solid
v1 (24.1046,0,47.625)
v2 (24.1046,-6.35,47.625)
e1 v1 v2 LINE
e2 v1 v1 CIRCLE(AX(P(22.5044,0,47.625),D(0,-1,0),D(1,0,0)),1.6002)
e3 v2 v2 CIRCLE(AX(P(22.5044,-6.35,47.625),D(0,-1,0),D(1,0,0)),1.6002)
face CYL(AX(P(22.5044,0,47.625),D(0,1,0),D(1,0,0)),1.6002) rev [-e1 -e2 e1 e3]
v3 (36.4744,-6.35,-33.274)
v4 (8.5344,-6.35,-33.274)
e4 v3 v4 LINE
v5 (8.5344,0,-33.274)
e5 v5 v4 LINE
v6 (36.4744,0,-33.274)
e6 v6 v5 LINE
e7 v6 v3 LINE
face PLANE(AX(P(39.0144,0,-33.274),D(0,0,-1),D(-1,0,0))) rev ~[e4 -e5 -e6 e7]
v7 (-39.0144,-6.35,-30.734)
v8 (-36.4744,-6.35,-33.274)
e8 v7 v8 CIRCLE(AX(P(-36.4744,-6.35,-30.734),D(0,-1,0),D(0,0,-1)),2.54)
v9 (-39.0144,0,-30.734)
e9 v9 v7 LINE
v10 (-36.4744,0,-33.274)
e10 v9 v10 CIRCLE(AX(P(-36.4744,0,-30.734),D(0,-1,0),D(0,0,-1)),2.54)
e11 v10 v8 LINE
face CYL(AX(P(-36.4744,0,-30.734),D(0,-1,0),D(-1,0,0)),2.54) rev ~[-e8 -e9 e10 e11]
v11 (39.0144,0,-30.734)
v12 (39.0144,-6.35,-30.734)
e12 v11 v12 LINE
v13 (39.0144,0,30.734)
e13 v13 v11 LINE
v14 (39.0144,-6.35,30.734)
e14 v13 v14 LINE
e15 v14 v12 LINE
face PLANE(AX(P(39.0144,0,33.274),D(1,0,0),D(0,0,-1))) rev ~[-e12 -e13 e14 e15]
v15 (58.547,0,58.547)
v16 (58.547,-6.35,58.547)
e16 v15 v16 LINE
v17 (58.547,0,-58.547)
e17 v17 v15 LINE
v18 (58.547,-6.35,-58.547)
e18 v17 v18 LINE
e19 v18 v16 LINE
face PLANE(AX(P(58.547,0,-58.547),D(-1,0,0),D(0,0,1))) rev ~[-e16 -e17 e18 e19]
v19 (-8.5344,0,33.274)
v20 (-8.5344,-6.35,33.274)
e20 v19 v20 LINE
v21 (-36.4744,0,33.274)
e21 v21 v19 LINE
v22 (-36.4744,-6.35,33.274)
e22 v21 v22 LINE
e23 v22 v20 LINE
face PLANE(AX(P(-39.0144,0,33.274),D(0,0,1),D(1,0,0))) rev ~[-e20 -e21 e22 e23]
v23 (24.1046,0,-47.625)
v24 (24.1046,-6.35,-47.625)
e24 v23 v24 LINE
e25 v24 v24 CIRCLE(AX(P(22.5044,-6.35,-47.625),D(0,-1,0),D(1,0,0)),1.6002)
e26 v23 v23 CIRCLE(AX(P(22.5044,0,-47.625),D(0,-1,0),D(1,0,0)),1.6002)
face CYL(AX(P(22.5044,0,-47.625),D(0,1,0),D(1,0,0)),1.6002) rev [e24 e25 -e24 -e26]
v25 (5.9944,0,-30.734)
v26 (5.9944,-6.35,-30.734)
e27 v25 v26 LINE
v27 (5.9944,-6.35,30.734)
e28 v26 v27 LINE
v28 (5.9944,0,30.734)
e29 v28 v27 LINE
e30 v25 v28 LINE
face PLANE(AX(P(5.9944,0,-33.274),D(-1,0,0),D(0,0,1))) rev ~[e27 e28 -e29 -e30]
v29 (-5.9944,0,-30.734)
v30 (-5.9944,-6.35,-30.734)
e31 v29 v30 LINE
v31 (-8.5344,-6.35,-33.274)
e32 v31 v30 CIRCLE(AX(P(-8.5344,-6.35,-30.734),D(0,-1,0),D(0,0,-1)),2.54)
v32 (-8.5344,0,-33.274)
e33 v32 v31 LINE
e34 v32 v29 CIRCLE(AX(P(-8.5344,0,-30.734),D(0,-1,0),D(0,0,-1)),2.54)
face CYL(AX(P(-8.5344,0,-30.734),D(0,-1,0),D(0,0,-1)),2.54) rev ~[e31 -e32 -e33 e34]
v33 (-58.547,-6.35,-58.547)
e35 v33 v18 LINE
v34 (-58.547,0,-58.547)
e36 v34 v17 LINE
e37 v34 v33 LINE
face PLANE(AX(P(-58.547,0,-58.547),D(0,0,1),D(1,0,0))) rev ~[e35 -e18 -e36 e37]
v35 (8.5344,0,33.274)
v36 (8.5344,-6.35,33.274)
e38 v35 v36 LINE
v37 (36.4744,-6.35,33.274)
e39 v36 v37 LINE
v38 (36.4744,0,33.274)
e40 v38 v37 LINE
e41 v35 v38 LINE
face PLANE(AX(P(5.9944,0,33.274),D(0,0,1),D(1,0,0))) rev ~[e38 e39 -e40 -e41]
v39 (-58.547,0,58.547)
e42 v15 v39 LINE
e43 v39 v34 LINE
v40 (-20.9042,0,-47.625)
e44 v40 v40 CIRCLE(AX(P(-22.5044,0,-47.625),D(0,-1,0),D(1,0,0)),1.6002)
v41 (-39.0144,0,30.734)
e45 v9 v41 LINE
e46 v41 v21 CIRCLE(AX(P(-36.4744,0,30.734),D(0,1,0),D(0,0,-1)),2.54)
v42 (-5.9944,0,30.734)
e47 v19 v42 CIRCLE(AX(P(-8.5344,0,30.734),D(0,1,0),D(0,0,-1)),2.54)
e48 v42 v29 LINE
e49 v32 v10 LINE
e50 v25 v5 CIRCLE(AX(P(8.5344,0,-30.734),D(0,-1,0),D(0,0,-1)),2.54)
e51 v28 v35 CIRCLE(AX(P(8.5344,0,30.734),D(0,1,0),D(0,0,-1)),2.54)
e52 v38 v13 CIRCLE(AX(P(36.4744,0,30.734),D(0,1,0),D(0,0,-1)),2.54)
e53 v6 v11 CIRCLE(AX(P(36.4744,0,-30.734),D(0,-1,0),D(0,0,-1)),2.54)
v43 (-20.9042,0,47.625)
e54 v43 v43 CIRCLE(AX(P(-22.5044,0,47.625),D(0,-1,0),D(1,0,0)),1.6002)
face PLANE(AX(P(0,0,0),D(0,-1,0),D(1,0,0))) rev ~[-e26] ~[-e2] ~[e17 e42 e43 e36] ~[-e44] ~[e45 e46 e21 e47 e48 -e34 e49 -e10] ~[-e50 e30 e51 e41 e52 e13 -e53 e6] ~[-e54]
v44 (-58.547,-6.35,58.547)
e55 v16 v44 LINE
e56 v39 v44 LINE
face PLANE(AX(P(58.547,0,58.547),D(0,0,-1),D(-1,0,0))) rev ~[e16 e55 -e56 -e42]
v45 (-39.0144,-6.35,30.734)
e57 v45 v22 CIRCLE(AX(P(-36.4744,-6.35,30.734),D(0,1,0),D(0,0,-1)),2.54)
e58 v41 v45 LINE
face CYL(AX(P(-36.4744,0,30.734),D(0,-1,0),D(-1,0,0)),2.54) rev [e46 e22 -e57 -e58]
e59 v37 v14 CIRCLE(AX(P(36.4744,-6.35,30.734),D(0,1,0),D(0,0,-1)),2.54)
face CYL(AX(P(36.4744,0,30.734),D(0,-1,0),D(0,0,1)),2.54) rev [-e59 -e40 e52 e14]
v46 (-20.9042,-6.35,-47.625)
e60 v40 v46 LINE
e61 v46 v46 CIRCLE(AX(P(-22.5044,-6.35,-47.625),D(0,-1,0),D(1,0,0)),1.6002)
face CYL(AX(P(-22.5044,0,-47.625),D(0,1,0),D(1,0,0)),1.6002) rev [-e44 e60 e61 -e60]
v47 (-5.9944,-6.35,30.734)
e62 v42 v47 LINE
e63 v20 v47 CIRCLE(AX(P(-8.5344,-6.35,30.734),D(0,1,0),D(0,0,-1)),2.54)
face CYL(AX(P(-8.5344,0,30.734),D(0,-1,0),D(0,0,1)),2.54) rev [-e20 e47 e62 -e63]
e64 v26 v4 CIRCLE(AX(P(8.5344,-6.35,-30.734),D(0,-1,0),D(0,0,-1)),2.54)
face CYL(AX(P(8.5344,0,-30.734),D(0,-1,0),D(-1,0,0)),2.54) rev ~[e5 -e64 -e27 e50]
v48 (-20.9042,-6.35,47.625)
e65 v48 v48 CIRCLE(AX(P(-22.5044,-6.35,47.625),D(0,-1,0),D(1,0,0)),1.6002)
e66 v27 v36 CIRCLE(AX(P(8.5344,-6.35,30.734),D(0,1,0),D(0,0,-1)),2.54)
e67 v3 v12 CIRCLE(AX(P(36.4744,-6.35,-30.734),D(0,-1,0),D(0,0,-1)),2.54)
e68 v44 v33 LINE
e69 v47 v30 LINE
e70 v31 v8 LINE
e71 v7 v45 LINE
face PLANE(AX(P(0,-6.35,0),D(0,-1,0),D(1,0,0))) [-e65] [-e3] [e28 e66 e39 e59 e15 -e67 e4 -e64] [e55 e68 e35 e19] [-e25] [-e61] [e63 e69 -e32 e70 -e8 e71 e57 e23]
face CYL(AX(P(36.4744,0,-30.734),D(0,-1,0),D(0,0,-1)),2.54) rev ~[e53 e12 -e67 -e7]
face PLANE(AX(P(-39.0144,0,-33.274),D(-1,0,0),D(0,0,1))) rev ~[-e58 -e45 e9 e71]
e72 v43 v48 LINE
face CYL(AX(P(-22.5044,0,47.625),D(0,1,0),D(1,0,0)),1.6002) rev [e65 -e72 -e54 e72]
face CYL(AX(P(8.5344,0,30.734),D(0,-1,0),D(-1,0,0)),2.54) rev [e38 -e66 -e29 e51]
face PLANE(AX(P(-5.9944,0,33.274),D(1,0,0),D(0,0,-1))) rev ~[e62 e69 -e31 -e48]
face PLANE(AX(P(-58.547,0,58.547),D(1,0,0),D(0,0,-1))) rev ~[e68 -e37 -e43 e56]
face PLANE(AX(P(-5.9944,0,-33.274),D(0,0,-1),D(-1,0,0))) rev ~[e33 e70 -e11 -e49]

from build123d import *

# Parameters (mm, degrees)
F0_R     = 1.6002
F1_DEPTH = 6.35
F2_R     = 2.54


with BuildPart() as f1:
    # F0 (on Front) → F1 (new body)
    with BuildSketch(Plane.XZ):
        Polygon((58.547, 58.547), (0, 58.547), (-58.547, 58.547), (-58.547, 0), (-58.547, -58.547), (0, -58.547), (58.547, -58.547), (58.547, 0), align=None)
        with Locations((-22.5044, -47.625)):
            Circle(F0_R, mode=Mode.SUBTRACT)
        with Locations((22.5044, -47.625)):
            Circle(F0_R, mode=Mode.SUBTRACT)
        Polygon((-39.0144, 33.274), (-5.9944, 33.274), (-5.9944, 0), (-5.9944, -33.274), (-39.0144, -33.274), (-39.0144, 0), align=None, mode=Mode.SUBTRACT)
        with Locations((-22.5044, 47.625)):
            Circle(F0_R, mode=Mode.SUBTRACT)
        Polygon((5.9944, 0), (5.9944, 33.274), (39.0144, 33.274), (39.0144, 0), (39.0144, -33.274), (5.9944, -33.274), align=None, mode=Mode.SUBTRACT)
        with Locations((22.5044, 47.625)):
            Circle(F0_R, mode=Mode.SUBTRACT)
    extrude(amount=F1_DEPTH)

    # F2
    f2_edges = [f1.edges().sort_by_distance(p)[0] for p in [
        (39.0144, -3.175, 33.274),
        (39.0144, -3.175, -33.274),
        (-5.9944, -3.175, -33.274),
        (-5.9944, -3.175, 33.274),
        (5.9944, -3.175, 33.274),
        (-39.0144, -3.175, 33.274),
        (5.9944, -3.175, -33.274),
        (-39.0144, -3.175, -33.274),
    ]]
    fillet(f2_edges, radius=F2_R)


solid = f1.part
